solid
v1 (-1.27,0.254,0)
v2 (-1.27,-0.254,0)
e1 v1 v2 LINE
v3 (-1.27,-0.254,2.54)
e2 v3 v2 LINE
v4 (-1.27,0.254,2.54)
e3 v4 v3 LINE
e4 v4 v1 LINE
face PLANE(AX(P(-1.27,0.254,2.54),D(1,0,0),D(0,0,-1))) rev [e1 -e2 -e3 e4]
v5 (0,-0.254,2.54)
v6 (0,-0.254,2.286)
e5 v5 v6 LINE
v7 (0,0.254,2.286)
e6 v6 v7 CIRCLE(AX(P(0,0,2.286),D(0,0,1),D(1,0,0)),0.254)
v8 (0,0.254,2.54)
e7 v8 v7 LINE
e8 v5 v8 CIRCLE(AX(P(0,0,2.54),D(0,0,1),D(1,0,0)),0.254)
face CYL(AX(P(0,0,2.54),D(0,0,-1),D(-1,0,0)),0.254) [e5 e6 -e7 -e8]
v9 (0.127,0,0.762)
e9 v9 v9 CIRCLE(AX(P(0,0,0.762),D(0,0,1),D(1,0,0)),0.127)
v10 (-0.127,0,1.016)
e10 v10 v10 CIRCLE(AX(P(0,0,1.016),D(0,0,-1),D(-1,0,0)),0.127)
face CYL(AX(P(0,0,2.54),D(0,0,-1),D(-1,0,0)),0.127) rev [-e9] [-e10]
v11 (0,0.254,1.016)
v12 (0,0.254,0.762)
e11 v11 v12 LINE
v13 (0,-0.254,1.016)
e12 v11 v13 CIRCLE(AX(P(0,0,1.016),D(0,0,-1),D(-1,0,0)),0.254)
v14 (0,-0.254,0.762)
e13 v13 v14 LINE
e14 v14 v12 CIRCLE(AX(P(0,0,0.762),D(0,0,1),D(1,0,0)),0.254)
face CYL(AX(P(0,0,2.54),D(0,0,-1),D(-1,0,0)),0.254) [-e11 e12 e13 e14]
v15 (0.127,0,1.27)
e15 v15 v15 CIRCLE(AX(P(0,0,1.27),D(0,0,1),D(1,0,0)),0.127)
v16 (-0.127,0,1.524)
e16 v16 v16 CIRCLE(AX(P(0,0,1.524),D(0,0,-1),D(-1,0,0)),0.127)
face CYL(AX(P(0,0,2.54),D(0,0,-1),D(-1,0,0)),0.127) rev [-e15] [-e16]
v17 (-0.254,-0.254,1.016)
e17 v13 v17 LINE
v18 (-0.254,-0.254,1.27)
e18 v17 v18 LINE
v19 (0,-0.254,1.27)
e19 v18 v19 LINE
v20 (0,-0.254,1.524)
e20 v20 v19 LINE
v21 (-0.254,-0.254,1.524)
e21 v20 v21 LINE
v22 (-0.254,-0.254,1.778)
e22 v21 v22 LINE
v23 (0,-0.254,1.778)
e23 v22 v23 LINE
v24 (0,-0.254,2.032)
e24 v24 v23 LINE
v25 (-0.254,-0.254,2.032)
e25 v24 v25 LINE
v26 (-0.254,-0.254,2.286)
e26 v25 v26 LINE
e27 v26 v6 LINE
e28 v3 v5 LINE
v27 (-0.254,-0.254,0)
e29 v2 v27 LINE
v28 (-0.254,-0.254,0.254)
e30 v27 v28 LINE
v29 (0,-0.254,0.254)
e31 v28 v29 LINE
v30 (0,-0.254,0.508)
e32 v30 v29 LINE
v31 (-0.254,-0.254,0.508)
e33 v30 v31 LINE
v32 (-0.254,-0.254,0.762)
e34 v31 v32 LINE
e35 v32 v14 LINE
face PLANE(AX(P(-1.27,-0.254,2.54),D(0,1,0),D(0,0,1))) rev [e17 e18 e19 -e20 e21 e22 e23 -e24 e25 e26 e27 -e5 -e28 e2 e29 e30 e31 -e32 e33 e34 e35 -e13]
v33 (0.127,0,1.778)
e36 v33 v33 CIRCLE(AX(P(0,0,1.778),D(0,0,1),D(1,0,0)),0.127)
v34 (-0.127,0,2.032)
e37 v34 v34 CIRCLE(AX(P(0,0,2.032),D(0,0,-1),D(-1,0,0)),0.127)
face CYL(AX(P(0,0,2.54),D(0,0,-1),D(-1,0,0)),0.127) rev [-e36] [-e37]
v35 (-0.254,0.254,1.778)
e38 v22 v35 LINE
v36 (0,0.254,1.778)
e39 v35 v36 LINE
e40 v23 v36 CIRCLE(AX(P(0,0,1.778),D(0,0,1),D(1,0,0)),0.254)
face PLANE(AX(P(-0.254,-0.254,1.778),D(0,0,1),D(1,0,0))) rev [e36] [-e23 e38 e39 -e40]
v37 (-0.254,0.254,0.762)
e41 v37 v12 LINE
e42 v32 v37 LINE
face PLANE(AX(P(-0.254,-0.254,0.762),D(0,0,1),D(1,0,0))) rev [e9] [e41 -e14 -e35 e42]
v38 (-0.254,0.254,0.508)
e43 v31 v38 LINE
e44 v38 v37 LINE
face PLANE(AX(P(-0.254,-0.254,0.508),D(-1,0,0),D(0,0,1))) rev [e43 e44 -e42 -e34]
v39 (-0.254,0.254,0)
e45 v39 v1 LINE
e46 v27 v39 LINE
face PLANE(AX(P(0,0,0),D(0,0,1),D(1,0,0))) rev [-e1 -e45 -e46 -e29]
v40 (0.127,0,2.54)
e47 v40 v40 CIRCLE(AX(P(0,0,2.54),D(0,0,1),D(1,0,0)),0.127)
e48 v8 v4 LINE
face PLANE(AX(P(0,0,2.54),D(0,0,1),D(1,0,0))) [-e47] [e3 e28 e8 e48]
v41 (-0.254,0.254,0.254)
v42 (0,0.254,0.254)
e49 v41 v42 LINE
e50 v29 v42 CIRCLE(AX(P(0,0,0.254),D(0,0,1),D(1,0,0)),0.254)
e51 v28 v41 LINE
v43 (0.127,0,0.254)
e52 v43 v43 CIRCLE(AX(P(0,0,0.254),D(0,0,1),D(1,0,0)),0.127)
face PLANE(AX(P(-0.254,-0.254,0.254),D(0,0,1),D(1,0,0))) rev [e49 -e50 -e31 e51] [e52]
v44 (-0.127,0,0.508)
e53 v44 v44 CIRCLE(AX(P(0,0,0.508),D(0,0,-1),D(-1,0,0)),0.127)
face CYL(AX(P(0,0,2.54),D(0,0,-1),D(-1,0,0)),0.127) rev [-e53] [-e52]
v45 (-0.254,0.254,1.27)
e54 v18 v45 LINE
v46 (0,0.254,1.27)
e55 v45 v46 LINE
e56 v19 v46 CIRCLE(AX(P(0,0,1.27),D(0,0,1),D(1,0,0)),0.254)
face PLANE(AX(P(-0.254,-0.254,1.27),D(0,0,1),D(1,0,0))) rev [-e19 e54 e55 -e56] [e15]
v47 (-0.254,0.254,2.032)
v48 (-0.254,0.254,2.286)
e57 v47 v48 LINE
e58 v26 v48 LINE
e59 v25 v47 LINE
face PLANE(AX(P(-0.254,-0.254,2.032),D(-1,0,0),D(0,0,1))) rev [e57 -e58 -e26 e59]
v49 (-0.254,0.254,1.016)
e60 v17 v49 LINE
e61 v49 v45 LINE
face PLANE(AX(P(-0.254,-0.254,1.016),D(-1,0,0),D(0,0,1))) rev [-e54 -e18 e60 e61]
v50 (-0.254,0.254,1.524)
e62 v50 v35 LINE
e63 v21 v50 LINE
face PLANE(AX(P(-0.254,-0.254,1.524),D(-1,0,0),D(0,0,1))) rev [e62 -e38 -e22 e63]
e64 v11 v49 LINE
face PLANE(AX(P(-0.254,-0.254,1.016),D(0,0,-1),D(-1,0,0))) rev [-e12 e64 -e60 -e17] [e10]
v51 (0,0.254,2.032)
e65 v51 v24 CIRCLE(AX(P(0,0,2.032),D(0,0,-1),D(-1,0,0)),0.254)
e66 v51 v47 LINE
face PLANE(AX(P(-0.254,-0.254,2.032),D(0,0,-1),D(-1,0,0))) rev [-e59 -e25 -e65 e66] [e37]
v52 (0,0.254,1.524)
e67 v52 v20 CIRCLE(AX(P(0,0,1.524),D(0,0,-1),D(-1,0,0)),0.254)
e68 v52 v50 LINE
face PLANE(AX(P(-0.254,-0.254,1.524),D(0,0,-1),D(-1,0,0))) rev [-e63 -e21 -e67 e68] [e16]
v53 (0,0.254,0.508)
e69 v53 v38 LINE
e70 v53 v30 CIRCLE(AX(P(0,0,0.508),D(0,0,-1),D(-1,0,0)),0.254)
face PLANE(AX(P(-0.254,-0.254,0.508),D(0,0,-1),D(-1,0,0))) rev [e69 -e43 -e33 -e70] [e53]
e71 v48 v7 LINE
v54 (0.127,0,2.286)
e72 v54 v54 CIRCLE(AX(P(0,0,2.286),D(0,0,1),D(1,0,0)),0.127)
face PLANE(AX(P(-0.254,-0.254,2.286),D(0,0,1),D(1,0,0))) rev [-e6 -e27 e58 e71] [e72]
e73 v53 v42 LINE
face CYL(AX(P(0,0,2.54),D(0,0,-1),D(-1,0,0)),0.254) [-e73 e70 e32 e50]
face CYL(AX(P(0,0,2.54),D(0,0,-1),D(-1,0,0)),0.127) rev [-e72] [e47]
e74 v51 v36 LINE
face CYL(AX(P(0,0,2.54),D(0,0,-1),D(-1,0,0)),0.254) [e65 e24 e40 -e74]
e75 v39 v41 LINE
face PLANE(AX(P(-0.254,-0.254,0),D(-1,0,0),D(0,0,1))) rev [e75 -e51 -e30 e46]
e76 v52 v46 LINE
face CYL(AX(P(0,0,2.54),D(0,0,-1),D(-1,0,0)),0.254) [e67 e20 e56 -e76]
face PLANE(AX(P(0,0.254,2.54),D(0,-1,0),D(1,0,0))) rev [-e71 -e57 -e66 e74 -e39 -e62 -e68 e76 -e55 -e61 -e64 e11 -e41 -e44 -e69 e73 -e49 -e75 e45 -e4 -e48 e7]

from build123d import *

# Parameters (mm, degrees)
SKETCH1_R           = 0.127
BOSS_EXTRUDE1_DEPTH = 2.54
SKETCH2_W           = 0.508
SKETCH2_H           = 0.254
CUT_EXTRUDE1_DEPTH  = 1.508


with BuildPart() as part:
    # Sketch1 → Boss-Extrude1 (new body)
    with BuildSketch(Plane.XY):
        with BuildLine():
            Line((0, 0.254), (-1.27, 0.254))
            Line((-1.27, 0.254), (-1.27, -0.254))
            Line((-1.27, -0.254), (0, -0.254))
            ThreePointArc((0, -0.254), (0.254, 0), (0, 0.254))
        make_face()
        Circle(SKETCH1_R, mode=Mode.SUBTRACT)
    extrude(amount=BOSS_EXTRUDE1_DEPTH)

    # Sketch2 → Cut-Extrude1 (cut, through all)
    with BuildSketch(Plane(origin=(0, 0.254, 0), x_dir=(1, 0, 0), z_dir=(0, 1, 0))):
        with Locations((0, -0.127)):
            Rectangle(SKETCH2_W, SKETCH2_H)
        with Locations((0, -0.635)):
            Rectangle(SKETCH2_W, SKETCH2_H)
        with Locations((0, -1.143)):
            Rectangle(SKETCH2_W, SKETCH2_H)
        with Locations((0, -1.651)):
            Rectangle(SKETCH2_W, SKETCH2_H)
        with Locations((0, -2.159)):
            Rectangle(SKETCH2_W, SKETCH2_H)
    extrude(amount=-CUT_EXTRUDE1_DEPTH, mode=Mode.SUBTRACT)


solid = part.part
